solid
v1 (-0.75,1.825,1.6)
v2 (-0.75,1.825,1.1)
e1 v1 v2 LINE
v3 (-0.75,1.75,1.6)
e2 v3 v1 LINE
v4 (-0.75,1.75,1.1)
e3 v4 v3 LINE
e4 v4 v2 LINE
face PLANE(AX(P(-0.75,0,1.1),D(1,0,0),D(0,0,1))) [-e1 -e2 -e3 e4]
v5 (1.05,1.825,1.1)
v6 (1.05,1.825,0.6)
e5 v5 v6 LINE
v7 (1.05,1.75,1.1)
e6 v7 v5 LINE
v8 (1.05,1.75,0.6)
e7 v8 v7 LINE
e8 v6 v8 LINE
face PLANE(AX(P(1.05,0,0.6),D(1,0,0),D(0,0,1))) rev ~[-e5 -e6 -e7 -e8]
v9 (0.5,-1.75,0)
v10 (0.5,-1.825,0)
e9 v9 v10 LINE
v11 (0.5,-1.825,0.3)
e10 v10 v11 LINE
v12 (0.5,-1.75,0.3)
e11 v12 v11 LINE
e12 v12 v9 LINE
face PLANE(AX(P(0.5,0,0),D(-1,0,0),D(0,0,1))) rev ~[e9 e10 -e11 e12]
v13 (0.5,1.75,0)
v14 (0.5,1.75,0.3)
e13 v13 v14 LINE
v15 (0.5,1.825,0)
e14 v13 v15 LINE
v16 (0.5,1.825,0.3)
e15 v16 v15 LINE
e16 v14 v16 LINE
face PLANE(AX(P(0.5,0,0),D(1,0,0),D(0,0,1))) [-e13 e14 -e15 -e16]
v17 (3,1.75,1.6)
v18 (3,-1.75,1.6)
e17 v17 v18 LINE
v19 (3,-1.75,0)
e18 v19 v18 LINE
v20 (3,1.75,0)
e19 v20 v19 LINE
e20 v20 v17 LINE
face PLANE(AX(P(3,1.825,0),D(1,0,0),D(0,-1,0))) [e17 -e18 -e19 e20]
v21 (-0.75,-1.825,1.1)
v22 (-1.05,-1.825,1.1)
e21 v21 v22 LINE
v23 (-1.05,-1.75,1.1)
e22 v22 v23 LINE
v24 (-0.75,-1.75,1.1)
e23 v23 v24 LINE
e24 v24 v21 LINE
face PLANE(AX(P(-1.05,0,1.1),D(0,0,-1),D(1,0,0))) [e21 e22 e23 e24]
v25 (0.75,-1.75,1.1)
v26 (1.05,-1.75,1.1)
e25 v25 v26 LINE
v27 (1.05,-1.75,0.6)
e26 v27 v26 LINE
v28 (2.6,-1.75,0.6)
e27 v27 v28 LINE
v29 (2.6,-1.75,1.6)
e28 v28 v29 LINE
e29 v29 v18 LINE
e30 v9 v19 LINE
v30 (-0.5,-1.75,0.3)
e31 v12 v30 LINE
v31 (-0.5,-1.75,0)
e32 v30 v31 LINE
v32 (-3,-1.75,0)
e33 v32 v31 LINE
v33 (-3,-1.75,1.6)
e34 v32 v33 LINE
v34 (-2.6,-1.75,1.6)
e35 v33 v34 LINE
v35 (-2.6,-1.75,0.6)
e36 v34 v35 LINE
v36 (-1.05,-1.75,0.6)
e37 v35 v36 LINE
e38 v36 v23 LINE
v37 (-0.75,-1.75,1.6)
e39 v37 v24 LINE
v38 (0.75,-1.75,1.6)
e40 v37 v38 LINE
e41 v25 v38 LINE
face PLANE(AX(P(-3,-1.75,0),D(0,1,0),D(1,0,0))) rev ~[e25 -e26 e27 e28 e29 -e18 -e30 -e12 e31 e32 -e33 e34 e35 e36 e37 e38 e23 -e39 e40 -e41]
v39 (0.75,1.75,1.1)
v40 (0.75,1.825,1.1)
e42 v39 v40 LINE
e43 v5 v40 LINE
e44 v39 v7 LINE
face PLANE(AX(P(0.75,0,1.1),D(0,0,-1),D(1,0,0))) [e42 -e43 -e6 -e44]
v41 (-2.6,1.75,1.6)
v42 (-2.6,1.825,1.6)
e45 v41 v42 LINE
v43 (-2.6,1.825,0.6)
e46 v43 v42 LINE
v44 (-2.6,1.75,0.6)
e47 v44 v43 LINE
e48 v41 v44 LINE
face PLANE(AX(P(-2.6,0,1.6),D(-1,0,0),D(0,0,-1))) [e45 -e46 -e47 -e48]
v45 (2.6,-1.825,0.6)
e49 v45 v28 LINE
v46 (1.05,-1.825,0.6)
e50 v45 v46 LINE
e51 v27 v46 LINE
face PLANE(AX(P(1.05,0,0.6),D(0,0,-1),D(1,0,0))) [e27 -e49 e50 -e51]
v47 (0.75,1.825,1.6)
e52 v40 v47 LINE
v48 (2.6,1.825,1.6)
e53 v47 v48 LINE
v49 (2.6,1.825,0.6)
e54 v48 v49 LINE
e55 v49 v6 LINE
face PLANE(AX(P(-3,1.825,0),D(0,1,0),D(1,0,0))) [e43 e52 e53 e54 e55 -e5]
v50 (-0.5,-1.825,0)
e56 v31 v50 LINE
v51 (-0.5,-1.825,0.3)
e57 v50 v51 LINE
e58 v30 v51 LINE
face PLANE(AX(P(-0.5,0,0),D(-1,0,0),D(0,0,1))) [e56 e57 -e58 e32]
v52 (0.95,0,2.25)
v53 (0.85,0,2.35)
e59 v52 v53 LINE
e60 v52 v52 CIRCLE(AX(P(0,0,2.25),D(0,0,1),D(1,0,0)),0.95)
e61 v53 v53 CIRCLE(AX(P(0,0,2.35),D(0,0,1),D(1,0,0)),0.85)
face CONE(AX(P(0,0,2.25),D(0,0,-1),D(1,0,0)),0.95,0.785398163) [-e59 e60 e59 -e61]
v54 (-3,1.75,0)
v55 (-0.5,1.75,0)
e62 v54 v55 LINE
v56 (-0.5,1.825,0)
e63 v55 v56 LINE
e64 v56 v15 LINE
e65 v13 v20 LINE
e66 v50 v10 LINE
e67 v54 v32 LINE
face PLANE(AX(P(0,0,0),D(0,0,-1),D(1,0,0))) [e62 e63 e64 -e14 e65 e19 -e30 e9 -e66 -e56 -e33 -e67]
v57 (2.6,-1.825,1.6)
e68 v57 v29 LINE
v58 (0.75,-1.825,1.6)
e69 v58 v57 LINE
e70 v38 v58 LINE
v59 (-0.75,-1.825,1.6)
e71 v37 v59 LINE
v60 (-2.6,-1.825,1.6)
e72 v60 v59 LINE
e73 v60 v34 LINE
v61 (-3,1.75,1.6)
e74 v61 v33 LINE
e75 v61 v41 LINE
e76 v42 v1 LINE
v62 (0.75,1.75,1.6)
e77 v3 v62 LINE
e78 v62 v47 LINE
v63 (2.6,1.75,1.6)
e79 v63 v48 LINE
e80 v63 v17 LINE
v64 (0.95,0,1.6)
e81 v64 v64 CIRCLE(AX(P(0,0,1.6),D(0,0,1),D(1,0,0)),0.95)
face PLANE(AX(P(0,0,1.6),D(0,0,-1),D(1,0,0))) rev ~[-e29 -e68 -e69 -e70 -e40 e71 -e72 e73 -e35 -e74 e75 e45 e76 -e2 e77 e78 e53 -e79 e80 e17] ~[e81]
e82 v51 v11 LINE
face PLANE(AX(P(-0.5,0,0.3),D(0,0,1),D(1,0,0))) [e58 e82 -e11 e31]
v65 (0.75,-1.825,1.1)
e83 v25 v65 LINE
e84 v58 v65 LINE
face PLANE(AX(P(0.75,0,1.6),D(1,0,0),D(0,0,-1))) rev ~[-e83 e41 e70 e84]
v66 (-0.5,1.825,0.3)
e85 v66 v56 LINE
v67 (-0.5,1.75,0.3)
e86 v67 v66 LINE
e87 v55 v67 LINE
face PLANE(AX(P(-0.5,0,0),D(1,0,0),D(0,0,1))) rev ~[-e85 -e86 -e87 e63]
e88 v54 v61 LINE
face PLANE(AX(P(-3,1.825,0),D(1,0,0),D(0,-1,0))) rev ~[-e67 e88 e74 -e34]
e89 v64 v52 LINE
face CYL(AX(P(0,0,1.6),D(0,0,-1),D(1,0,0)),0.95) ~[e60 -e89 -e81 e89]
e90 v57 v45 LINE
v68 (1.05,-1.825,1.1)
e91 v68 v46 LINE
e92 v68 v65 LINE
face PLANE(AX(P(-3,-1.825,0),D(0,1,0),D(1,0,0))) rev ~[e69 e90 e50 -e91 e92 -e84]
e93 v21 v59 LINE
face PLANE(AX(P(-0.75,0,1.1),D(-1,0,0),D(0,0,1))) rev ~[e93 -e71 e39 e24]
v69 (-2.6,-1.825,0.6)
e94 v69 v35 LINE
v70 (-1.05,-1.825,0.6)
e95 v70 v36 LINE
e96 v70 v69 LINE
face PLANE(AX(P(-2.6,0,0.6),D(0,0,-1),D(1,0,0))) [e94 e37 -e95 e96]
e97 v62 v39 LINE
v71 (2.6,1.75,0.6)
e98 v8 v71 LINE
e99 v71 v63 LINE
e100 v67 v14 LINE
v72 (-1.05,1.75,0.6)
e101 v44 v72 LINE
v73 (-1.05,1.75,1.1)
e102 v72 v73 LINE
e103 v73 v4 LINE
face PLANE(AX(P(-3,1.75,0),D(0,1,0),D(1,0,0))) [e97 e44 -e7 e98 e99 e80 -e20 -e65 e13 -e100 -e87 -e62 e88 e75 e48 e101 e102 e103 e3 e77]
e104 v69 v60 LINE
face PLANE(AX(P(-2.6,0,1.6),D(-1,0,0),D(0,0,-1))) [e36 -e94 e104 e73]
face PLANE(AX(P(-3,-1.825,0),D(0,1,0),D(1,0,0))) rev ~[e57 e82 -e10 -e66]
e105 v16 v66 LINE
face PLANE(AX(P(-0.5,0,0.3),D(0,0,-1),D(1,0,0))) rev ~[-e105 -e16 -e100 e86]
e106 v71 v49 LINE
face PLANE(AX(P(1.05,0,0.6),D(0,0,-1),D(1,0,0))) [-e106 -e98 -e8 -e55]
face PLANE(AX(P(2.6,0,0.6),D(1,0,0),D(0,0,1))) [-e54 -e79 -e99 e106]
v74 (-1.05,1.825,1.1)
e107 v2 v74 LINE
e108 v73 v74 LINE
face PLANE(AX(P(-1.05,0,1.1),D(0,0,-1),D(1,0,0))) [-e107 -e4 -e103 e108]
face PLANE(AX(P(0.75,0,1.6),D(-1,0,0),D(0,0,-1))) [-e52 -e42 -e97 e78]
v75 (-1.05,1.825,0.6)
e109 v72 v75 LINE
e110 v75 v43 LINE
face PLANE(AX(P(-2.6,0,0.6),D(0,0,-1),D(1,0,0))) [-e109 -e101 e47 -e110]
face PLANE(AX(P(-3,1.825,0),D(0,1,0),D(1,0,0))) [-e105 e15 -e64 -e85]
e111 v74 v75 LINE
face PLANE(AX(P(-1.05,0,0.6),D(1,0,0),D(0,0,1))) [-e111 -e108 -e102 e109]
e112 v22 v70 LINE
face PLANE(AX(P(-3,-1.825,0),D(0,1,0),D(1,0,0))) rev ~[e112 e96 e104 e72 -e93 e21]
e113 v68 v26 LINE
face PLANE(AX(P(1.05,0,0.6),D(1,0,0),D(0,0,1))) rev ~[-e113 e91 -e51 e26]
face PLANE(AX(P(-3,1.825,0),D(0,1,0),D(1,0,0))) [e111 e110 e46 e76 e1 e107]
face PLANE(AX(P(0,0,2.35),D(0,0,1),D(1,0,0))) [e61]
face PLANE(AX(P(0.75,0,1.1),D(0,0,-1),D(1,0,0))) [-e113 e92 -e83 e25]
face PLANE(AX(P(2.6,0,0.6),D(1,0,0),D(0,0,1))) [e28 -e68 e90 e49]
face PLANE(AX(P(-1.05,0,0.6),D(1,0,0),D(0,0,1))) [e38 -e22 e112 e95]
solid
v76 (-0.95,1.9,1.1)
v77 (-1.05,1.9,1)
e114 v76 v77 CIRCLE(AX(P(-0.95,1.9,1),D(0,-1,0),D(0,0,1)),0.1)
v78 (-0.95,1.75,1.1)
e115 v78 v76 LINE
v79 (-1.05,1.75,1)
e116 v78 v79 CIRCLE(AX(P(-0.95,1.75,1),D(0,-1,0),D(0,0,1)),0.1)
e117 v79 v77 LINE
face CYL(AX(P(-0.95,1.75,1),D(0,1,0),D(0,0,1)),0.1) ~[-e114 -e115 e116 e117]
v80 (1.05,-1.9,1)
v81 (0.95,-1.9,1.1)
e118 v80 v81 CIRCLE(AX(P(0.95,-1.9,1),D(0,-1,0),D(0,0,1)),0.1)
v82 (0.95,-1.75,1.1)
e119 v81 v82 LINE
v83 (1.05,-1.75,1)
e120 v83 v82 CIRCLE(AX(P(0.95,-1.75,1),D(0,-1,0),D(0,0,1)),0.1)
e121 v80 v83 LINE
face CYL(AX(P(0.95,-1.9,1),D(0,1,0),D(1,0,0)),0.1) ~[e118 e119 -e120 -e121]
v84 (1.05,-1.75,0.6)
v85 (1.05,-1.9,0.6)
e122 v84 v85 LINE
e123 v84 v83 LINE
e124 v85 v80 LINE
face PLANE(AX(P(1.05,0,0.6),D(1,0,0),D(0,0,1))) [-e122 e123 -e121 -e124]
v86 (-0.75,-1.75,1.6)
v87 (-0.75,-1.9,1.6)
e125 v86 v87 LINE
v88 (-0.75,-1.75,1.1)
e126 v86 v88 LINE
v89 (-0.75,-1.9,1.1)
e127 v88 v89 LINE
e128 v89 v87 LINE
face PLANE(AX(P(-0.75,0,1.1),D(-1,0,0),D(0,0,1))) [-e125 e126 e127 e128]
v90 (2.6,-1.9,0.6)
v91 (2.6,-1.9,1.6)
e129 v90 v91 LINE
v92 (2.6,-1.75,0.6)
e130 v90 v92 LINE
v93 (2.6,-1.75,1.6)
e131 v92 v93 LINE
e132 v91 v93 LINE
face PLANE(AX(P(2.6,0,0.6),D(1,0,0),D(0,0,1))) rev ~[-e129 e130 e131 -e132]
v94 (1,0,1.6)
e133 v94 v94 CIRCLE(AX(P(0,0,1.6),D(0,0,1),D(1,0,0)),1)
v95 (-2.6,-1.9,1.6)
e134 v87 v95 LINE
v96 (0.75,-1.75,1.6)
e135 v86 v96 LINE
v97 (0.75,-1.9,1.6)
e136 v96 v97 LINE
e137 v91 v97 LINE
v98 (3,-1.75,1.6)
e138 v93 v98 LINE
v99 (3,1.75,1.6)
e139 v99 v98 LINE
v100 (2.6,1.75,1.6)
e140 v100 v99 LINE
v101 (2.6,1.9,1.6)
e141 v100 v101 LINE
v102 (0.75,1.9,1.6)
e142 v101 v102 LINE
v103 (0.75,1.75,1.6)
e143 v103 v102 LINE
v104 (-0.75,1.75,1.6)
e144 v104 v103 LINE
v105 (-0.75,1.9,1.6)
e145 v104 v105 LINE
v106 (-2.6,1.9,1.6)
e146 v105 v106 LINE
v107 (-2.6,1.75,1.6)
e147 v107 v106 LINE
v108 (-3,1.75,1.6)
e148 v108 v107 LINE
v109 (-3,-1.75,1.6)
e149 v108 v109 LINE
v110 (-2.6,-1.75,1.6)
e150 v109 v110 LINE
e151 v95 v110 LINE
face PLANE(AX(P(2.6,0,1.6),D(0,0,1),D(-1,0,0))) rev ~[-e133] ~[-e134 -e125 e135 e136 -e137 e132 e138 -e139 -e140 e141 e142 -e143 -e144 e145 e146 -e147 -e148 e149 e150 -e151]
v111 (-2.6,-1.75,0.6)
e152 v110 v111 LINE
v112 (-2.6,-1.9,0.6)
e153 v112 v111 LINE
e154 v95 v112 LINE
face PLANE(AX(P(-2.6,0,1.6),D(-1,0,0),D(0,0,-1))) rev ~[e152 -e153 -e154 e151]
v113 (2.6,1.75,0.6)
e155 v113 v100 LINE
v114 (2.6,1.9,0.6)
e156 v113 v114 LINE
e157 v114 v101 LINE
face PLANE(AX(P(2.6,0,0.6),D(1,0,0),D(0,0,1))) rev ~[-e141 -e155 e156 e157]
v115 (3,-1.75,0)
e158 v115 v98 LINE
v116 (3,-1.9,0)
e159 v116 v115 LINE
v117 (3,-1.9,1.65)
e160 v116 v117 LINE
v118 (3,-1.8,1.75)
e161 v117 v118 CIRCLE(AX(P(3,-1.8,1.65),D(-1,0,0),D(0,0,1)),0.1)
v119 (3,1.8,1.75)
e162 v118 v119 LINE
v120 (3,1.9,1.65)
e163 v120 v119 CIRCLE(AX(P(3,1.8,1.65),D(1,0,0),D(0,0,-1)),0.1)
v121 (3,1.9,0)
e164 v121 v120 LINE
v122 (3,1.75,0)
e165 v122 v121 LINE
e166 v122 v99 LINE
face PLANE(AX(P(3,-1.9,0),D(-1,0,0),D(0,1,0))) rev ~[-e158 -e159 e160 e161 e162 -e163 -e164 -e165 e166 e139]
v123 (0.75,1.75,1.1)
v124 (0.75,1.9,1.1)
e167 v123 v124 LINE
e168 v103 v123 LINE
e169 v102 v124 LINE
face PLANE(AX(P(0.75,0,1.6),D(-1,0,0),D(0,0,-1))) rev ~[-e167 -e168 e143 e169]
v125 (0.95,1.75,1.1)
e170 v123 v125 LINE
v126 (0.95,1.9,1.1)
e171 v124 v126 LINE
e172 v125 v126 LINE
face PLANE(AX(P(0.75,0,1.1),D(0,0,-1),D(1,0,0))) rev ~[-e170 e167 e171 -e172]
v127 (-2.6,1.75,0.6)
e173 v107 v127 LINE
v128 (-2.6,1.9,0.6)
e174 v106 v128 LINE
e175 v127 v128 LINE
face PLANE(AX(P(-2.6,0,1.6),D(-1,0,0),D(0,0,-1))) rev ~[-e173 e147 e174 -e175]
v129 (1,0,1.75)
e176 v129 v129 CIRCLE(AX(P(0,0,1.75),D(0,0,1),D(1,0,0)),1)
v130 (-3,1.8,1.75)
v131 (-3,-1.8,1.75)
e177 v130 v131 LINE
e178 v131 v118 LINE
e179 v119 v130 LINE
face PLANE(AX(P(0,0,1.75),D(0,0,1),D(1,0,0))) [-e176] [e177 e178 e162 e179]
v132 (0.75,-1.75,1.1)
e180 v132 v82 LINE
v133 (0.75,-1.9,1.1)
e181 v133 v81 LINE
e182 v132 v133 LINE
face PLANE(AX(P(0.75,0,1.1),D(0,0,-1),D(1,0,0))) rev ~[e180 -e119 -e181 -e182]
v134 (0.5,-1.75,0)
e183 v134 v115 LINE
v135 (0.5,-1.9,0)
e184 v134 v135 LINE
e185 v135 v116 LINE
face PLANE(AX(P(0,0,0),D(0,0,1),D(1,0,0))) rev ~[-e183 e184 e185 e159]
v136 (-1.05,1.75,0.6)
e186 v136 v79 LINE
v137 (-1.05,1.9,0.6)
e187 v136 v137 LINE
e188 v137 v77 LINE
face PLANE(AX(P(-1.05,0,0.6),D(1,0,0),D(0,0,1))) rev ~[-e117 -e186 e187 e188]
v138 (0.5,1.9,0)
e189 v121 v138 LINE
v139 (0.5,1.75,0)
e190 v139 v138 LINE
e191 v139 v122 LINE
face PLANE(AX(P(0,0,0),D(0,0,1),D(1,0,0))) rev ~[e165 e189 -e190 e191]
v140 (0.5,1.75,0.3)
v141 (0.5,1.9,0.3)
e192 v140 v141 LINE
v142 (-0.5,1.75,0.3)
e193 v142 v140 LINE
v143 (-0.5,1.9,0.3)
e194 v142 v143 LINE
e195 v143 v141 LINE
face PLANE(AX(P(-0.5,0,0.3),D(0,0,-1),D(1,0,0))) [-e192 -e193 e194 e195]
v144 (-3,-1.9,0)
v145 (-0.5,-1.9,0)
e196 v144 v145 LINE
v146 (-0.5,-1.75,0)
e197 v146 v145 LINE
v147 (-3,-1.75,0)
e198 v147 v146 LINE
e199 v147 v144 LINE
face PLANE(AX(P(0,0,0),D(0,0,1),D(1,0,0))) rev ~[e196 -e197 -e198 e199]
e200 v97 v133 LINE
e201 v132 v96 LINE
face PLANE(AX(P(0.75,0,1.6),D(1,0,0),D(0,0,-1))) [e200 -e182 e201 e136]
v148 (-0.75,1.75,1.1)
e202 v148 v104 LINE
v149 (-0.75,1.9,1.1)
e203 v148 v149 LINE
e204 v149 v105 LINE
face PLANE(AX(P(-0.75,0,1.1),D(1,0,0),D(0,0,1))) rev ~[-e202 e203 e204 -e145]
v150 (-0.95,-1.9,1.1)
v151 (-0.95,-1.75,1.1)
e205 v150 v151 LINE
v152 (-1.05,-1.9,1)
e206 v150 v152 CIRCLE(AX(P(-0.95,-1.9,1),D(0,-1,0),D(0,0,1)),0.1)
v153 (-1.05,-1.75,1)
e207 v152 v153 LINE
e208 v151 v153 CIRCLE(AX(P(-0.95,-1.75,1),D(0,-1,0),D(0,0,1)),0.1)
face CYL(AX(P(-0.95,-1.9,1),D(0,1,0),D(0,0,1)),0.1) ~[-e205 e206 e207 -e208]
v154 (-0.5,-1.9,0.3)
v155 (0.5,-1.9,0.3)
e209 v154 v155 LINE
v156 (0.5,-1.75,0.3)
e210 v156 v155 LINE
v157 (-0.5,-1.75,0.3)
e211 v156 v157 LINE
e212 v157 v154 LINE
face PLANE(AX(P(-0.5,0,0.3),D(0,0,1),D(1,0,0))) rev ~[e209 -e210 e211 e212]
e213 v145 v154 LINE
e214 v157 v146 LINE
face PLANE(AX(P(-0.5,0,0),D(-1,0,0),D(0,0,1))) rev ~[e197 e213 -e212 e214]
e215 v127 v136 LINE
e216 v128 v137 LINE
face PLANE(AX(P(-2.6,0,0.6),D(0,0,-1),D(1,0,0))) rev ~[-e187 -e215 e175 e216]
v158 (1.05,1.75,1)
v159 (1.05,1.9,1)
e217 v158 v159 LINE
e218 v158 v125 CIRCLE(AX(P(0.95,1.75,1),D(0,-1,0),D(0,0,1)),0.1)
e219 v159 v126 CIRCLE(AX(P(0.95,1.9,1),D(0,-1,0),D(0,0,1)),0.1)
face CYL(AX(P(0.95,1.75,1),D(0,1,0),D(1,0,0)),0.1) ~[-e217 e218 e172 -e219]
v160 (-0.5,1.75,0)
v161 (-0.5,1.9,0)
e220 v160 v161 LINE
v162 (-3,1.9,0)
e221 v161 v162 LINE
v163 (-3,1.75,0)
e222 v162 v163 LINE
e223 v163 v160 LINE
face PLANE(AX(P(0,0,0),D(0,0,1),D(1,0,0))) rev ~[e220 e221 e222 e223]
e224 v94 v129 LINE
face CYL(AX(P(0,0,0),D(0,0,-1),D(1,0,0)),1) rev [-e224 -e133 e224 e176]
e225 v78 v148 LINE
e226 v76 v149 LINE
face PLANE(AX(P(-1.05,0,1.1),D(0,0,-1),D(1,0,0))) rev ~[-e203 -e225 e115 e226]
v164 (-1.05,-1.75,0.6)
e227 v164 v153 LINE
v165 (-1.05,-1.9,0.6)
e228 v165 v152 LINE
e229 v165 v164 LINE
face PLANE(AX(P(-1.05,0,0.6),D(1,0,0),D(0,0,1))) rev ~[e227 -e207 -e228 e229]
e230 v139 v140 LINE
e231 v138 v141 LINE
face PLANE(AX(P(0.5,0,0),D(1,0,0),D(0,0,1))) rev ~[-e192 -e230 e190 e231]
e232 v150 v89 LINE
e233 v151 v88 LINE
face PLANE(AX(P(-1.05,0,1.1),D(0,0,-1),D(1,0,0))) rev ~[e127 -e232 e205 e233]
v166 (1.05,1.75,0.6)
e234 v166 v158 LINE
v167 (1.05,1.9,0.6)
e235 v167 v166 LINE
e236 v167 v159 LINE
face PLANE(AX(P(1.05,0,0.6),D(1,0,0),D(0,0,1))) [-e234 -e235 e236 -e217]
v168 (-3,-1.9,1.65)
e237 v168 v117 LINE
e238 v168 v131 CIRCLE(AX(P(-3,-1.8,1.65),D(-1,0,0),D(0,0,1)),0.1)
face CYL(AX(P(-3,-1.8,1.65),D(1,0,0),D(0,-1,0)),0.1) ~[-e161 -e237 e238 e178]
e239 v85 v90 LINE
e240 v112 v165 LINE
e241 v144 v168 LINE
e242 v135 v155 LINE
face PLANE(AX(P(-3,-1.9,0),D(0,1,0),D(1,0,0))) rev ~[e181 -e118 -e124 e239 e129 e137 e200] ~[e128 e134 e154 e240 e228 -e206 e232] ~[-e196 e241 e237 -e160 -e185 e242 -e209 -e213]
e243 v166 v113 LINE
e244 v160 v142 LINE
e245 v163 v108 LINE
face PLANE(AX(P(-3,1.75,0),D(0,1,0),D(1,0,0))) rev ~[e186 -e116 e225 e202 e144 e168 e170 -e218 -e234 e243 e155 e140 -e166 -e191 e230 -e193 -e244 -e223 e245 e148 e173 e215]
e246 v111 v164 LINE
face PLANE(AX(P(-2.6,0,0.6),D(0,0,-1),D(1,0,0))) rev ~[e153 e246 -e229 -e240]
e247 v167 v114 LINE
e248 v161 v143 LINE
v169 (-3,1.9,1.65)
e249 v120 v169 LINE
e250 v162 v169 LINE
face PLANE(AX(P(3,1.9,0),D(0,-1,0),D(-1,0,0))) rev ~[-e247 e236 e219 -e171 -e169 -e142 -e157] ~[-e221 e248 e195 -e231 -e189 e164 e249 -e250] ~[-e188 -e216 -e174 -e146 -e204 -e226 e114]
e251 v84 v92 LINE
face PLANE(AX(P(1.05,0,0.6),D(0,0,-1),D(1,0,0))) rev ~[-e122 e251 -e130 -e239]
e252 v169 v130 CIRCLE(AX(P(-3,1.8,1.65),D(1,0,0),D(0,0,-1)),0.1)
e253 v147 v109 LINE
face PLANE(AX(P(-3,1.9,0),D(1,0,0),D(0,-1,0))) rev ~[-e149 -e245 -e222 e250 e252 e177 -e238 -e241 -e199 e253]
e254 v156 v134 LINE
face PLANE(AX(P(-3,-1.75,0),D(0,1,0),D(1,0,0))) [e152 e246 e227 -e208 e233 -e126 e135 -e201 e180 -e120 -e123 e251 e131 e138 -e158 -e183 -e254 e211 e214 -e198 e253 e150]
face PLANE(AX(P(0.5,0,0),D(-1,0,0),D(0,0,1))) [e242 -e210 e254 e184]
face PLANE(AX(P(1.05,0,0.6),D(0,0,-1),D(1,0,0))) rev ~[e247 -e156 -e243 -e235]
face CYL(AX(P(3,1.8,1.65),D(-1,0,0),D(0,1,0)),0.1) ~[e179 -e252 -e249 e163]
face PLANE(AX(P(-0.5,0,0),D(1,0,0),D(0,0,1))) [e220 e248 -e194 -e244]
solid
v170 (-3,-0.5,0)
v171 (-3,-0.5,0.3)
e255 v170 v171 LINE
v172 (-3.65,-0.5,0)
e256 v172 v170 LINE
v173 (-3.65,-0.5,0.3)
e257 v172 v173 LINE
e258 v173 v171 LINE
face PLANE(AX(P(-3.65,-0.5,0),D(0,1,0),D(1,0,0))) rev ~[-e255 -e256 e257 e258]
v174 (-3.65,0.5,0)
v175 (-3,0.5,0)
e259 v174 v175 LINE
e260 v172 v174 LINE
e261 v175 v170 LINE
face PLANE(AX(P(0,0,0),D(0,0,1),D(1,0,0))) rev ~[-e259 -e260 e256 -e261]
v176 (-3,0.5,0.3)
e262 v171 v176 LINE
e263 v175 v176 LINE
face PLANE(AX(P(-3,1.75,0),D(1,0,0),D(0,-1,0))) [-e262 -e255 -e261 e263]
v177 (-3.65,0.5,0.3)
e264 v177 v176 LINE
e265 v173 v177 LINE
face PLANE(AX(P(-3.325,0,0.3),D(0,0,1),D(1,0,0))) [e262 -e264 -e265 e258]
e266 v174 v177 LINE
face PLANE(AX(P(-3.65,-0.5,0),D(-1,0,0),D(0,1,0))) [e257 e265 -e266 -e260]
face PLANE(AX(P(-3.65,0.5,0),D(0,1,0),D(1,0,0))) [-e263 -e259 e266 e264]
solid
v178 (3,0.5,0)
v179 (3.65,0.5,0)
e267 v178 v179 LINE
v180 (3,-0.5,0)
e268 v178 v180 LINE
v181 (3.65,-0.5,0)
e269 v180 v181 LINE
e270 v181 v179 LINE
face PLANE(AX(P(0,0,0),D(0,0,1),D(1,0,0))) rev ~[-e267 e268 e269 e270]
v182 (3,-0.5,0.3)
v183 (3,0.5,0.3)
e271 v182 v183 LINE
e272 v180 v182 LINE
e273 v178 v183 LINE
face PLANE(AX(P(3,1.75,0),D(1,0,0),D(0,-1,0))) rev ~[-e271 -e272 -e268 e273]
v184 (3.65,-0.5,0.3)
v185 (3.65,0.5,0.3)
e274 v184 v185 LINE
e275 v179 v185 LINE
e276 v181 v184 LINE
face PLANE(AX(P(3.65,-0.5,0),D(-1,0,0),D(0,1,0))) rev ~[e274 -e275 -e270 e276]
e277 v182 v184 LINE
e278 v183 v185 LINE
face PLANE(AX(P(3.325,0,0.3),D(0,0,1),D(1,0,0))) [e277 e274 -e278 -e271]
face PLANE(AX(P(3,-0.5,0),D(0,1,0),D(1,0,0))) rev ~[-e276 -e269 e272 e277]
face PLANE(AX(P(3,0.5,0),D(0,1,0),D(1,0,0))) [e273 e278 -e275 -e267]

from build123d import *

# Parameters (mm, degrees)
F0_R          = 1
F1_DEPTH      = 1.75
F0_W          = 0.65
F0_H          = 1
F2_DEPTH      = 0.3
F3_W          = 1.55
F3_H          = 0.5
F3_W_2        = 1
F3_H_2        = 0.3
F4_DEPTH      = 1.901
F4_DEPTH_BACK = 1.901
F5_W          = 6
F5_H          = 3.5
F6_DEPTH      = 1.6
F7_W          = 6
F7_H          = 3.65
F8_DEPTH      = 1.6
F10_R         = 0.95
F11_DEPTH     = 0.75
F12_R         = 0.1
F13_SIZE      = 0.1


with BuildPart() as f1:
    # F0 (on Top) → F1 (new body)
    with BuildSketch(Plane.XY):
        Polygon((3, 1.9), (-3, 1.9), (-3, 0.5), (-3, -0.5), (-3, -1.9), (3, -1.9), (3, -0.5), (3, 0.5), align=None)
        Circle(F0_R, mode=Mode.SUBTRACT)
    extrude(amount=F1_DEPTH)

    # F0 (on Top) → F2 (join)
    with BuildSketch(Plane.XY):
        with Locations((-3.325, 0)):
            Rectangle(F0_W, F0_H)
        with Locations((3.325, 0)):
            Rectangle(F0_W, F0_H)
    extrude(amount=F2_DEPTH)

    # F3 (on Front) → F4 (cut, two sides)
    with BuildSketch(Plane.XZ) as f4_sk:
        Polygon((-0.75, 1.6), (-2.6, 1.6), (-2.6, 1.1), (-1.05, 1.1), (-0.75, 1.1), align=None)
        with Locations((-1.825, 0.85)):
            Rectangle(F3_W, F3_H)
        with Locations((1.825, 0.85)):
            Rectangle(F3_W, F3_H)
        Polygon((1.05, 1.1), (2.6, 1.1), (2.6, 1.6), (0.75, 1.6), (0.75, 1.1), align=None)
        with Locations((0, 0.15)):
            Rectangle(F3_W_2, F3_H_2)
    extrude(amount=-F4_DEPTH, mode=Mode.SUBTRACT)
    extrude(f4_sk.sketch, amount=F4_DEPTH_BACK, mode=Mode.SUBTRACT)

    # F5 (on face) → F6 (cut)
    with BuildSketch(Plane(origin=(0, 0, 0), x_dir=(1, 0, 0), z_dir=(0, 0, -1))):
        Rectangle(F5_W, F5_H)
    extrude(amount=-F6_DEPTH, mode=Mode.SUBTRACT)


with BuildPart() as f8:
    # F7 (on face) → F8 (new body)
    with BuildSketch(Plane(origin=(0, 0, 0), x_dir=(1, 0, 0), z_dir=(0, 0, -1))):
        Rectangle(F7_W, F7_H)
    extrude(amount=-F8_DEPTH)

    # F9: cut F1
    add(f1.part, mode=Mode.SUBTRACT)

    # F10 (on face) → F11 (join)
    with BuildSketch(Plane.XY.offset(1.6)):
        Circle(F10_R)
    extrude(amount=F11_DEPTH)

    # F13
    f13_edges = [f8.edges().sort_by_distance(p)[0] for p in [
        (-0.95, 0, 2.35),
    ]]
    chamfer(f13_edges, length=F13_SIZE)


with BuildPart() as f1_1:
    add(f1.part)

    # F12
    f12_edges = [f1_1.edges().sort_by_distance(p)[0] for p in [
        (0, -1.9, 1.75),
        (0, 1.9, 1.75),
        (-1.05, -1.825, 1.1),
        (1.05, -1.825, 1.1),
        (-1.05, 1.825, 1.1),
        (1.05, 1.825, 1.1),
    ]]
    fillet(f12_edges, radius=F12_R)


solid = Compound([f8.part, f1_1.part])
